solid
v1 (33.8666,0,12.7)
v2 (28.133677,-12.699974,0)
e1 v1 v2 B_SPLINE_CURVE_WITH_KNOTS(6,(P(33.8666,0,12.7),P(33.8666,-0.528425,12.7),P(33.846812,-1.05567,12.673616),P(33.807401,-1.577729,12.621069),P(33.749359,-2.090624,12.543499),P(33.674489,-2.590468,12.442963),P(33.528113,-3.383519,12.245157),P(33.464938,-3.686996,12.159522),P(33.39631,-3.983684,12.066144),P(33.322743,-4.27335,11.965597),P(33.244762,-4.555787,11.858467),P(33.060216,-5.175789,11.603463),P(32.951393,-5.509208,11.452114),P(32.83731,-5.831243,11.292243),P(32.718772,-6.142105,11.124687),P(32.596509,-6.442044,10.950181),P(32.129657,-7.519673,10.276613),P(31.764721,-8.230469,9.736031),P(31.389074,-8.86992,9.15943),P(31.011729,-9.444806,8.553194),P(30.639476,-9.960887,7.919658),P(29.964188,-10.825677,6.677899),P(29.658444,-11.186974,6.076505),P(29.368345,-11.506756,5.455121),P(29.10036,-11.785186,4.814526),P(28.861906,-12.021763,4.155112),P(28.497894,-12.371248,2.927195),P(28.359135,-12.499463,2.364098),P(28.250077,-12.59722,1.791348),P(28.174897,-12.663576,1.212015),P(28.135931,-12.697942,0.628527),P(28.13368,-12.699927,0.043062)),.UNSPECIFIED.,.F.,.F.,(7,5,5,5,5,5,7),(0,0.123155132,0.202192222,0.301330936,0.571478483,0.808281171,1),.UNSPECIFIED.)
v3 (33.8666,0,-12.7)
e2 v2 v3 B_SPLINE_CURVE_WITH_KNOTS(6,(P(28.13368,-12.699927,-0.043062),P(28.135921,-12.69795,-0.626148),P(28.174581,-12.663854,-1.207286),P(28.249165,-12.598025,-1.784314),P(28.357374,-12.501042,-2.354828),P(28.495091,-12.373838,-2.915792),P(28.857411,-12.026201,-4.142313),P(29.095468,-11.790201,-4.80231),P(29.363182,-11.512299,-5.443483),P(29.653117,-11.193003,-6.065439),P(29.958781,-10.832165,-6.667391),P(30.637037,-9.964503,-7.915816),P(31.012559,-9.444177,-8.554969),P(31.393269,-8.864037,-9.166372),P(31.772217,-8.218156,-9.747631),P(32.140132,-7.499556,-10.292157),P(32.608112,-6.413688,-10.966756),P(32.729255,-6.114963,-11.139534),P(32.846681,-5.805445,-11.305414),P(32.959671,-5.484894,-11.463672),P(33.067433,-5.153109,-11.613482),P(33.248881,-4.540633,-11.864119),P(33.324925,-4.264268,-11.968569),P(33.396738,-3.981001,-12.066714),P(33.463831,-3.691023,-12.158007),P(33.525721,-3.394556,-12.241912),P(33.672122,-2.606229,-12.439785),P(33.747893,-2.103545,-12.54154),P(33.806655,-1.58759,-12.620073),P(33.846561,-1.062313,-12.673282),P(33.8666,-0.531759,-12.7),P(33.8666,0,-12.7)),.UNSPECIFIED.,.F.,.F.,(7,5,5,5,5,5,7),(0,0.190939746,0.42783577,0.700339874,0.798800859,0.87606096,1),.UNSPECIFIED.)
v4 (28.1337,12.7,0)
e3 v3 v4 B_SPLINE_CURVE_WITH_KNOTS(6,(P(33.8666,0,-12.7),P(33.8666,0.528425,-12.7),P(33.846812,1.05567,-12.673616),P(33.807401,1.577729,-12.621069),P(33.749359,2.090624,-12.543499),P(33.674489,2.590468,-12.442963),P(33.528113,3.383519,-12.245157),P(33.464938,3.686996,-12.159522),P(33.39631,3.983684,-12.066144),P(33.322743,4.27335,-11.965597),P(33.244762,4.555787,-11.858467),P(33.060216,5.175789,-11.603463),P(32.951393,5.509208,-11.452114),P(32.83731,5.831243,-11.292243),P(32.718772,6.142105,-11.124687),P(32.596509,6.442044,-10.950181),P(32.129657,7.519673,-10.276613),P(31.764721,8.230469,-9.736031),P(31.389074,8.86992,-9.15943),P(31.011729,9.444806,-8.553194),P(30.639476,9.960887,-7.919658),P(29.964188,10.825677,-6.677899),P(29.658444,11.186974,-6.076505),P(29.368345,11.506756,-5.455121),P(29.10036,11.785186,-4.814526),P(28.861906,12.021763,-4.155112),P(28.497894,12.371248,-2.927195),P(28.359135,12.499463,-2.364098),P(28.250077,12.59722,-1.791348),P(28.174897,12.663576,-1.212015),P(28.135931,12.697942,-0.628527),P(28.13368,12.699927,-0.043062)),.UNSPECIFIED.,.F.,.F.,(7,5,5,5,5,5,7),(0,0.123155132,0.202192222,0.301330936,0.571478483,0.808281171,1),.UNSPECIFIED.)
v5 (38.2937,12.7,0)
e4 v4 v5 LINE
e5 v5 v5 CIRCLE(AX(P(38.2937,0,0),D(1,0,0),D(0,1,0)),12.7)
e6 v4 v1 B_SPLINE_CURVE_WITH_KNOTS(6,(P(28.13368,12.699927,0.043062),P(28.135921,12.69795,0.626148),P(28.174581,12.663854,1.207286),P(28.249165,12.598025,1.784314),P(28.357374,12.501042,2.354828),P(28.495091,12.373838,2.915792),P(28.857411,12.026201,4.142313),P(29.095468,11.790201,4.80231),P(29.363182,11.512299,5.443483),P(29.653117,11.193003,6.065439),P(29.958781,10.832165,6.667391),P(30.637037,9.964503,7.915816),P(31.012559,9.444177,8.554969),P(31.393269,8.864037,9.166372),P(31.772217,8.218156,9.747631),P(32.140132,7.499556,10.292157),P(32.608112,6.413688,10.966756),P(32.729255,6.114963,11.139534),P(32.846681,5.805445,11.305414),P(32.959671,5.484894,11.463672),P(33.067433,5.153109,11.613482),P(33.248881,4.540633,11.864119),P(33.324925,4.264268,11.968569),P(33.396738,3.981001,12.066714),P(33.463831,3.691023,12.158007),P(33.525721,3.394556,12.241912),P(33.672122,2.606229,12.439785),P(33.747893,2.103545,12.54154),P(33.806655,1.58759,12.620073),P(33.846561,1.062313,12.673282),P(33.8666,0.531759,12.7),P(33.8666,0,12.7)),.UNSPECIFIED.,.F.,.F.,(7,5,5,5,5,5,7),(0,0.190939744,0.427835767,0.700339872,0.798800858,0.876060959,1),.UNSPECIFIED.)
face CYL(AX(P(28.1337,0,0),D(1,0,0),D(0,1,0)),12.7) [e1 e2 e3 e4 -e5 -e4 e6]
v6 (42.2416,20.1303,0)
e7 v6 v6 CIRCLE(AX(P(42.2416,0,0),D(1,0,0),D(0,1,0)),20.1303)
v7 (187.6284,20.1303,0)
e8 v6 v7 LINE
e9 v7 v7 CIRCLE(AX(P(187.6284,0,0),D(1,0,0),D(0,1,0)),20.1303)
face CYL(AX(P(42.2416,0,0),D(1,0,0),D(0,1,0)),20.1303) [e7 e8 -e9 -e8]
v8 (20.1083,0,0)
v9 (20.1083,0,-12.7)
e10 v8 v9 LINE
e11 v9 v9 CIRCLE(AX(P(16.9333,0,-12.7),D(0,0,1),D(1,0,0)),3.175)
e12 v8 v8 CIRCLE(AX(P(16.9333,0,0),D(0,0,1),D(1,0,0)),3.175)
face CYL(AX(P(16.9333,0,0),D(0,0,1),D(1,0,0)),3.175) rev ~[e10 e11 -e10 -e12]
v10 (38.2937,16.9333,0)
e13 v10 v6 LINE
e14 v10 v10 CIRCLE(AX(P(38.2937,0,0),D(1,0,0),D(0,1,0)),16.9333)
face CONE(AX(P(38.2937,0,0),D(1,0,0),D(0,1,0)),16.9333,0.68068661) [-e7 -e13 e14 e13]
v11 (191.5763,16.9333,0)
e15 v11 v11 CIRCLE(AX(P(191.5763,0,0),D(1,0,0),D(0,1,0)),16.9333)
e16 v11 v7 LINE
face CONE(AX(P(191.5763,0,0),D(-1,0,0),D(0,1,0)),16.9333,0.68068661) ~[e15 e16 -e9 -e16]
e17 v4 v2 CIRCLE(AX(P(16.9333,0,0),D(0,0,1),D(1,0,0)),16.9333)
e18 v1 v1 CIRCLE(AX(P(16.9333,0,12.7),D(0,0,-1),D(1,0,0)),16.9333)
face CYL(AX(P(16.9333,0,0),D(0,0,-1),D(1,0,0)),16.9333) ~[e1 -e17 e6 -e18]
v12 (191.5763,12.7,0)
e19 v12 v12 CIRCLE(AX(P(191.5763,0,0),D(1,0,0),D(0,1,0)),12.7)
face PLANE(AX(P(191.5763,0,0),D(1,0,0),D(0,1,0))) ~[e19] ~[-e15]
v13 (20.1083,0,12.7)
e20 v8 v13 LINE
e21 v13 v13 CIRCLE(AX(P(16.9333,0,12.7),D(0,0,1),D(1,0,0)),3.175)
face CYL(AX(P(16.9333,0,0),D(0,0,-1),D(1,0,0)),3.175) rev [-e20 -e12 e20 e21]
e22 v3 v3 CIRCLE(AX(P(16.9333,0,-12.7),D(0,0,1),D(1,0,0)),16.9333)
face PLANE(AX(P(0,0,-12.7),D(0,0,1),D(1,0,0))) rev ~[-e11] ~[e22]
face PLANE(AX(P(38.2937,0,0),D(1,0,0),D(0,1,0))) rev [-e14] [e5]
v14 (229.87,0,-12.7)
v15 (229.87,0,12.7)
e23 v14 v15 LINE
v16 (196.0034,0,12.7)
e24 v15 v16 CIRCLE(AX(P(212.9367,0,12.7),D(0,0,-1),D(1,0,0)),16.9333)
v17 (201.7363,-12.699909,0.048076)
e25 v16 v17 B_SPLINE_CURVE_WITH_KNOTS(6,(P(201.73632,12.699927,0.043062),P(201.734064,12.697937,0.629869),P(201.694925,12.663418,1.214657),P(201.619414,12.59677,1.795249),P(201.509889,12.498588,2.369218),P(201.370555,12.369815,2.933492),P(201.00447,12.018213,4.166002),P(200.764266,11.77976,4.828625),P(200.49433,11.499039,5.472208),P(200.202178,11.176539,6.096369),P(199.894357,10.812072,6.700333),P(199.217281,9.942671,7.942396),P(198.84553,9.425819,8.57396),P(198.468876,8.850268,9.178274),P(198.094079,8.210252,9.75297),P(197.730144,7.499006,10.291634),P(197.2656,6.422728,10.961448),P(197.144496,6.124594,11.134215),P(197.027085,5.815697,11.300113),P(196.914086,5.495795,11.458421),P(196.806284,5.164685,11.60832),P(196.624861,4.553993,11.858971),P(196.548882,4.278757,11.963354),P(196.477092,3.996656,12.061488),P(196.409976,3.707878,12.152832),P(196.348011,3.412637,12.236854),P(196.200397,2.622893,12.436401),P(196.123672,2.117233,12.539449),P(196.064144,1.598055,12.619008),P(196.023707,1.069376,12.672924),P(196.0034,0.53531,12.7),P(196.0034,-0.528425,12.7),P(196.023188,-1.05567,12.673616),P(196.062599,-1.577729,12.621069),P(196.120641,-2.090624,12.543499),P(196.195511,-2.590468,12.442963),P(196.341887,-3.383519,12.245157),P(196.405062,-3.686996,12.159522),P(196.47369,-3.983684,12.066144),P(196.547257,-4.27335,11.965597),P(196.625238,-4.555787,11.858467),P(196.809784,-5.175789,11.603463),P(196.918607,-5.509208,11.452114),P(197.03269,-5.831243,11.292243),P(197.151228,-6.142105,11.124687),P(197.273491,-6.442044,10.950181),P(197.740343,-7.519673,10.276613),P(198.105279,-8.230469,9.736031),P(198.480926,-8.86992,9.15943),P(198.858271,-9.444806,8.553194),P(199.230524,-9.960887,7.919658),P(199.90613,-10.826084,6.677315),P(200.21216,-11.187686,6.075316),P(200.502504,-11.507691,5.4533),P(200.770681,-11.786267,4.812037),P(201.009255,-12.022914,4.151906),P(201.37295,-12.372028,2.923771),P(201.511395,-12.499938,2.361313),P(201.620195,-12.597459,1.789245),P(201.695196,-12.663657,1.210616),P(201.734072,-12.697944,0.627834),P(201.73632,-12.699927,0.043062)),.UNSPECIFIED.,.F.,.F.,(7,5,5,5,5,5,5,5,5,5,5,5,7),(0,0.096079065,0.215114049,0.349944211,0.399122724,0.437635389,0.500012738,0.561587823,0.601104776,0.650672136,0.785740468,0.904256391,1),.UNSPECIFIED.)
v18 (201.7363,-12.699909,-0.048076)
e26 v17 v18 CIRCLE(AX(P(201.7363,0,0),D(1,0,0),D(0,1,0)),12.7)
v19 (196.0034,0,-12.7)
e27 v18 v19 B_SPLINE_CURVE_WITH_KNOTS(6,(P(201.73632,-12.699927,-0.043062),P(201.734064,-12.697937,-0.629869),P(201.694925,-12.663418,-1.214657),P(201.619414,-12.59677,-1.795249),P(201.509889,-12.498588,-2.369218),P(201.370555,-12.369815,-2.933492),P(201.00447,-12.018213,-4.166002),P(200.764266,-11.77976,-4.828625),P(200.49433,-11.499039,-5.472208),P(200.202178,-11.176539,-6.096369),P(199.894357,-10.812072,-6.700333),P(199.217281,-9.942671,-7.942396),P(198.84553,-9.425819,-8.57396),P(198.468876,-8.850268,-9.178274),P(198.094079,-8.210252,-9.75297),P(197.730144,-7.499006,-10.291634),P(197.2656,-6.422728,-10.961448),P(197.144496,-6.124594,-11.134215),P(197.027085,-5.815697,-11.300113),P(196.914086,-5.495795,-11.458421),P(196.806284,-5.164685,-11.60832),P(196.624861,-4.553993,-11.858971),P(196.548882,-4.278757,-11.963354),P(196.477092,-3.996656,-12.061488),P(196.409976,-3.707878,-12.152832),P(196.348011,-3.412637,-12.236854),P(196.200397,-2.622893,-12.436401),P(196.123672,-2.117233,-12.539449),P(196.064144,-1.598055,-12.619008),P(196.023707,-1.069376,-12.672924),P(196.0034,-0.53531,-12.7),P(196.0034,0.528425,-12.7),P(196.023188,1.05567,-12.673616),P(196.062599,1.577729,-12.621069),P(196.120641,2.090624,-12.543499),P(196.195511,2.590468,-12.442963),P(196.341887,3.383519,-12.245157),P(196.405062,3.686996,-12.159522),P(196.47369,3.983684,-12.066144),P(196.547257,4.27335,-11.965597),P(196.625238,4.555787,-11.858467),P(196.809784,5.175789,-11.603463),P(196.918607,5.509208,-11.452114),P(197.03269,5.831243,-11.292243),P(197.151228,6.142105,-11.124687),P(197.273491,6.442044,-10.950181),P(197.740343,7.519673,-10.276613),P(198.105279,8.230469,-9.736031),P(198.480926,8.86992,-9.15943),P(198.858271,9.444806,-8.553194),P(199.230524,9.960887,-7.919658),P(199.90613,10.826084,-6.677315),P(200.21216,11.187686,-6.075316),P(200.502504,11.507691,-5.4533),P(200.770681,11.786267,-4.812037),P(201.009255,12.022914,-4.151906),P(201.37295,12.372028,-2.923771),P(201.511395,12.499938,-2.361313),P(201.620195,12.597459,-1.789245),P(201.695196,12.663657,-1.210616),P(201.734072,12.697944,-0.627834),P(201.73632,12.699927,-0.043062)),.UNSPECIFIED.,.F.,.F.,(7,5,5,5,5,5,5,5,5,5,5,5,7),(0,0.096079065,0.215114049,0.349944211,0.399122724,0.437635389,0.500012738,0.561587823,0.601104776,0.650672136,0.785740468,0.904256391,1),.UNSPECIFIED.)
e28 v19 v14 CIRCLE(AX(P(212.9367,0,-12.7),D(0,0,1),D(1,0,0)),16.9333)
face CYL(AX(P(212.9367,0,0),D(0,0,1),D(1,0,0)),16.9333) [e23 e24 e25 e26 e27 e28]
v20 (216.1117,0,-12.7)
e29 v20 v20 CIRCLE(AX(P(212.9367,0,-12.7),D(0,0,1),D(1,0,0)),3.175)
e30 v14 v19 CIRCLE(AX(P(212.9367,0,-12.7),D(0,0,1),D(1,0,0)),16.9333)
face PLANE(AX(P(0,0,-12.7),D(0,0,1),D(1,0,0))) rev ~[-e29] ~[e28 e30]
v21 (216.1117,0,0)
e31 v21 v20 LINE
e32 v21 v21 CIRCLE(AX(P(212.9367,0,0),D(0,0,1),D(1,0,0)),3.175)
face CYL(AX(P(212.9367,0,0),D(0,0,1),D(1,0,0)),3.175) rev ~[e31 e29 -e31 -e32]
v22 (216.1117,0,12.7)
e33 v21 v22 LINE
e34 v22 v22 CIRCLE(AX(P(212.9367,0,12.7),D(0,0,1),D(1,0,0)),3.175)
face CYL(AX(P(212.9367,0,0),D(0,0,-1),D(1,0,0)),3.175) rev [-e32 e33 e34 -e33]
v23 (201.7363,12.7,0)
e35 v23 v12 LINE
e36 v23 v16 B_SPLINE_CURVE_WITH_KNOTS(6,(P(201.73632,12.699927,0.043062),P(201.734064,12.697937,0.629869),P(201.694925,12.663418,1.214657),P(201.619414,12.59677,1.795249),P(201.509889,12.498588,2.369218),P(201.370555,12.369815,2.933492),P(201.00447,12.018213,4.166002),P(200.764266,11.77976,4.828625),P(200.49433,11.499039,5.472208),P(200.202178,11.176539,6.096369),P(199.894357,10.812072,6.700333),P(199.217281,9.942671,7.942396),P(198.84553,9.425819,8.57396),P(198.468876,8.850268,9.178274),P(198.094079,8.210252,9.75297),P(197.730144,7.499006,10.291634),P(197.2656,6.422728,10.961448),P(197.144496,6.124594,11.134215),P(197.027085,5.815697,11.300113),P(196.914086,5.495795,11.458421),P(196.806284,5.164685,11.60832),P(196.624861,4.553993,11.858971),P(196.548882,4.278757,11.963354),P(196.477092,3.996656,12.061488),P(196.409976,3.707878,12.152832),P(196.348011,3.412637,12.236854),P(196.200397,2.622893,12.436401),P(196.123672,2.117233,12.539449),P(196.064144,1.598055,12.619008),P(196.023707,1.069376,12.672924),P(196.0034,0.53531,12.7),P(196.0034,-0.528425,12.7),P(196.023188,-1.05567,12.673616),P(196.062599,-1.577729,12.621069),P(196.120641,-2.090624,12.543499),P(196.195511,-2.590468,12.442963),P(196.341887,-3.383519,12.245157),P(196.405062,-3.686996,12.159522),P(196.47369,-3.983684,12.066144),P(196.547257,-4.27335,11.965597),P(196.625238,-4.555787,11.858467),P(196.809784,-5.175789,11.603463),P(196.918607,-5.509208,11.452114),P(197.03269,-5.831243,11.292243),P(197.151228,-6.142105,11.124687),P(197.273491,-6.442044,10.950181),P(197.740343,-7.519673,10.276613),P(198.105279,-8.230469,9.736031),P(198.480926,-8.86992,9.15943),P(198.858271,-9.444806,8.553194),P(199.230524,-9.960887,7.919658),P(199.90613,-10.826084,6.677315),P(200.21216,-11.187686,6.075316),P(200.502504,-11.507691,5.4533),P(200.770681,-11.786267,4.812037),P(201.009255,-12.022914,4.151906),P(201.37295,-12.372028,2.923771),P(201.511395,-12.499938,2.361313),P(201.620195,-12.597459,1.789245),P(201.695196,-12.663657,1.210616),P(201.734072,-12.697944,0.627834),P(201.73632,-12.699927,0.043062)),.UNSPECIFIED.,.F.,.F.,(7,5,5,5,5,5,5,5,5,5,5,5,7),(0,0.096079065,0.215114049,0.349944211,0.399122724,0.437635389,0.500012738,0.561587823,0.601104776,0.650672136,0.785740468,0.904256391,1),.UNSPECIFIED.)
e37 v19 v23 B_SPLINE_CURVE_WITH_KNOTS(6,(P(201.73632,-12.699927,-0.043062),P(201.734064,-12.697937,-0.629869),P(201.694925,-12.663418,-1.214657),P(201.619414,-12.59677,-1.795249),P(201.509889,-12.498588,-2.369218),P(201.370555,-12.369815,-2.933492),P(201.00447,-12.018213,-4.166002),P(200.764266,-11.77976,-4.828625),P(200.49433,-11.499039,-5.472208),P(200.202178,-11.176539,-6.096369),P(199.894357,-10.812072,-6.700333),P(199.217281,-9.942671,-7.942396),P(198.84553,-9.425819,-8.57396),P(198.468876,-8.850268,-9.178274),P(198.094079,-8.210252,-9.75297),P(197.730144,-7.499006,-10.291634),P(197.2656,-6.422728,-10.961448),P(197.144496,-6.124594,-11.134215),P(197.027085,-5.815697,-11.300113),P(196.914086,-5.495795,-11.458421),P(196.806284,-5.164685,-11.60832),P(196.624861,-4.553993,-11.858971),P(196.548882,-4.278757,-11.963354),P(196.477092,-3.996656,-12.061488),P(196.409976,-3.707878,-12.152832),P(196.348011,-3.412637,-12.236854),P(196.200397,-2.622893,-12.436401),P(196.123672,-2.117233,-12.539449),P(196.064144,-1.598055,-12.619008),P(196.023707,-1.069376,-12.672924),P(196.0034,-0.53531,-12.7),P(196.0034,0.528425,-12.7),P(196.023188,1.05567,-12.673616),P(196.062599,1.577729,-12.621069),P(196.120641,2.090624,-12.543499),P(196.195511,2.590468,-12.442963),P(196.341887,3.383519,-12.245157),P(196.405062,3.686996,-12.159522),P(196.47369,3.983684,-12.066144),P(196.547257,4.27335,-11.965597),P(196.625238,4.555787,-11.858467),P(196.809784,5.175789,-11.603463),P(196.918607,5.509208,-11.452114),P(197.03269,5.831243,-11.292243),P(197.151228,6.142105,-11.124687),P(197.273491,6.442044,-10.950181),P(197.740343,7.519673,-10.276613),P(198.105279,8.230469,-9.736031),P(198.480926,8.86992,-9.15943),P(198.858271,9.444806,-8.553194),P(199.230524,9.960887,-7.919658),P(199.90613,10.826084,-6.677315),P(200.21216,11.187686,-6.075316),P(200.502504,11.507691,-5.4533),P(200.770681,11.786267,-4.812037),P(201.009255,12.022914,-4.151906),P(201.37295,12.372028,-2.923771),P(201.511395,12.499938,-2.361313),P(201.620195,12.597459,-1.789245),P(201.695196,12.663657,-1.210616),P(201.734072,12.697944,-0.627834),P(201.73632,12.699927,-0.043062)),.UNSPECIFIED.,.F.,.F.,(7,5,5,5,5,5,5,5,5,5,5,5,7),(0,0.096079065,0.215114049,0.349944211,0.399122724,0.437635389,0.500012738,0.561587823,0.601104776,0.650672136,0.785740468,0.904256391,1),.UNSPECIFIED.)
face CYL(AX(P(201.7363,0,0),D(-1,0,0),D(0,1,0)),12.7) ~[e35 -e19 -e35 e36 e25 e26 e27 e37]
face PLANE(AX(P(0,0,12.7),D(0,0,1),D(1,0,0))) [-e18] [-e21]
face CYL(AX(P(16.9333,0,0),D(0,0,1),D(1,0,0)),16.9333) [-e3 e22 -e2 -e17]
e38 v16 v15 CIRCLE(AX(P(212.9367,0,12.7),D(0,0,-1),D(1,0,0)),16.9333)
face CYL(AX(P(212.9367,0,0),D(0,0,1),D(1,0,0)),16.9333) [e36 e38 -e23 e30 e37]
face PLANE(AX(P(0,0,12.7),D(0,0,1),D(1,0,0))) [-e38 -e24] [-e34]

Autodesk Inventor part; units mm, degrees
ref_plane "YZ Plane" through (0, 0, 0) normal (1, 0, 0) x (0, 1, 0)
ref_plane "XZ Plane" through (0, 0, 0) normal (0, 1, 0) x (-1, 0, 0)
ref_plane "XY Plane" through (0, 0, 0) normal (0, 0, 1) x (1, 0, 0)
sketch "Sketch1" plane through (0, 0, 0) normal (0, 0, 1) x (1, 0, 0)
  line L0 (0, 0) -> (229.87, 0) construction
  circle A0 centre (16.9333, 0) radius 16.9333
  circle A1 centre (212.9367, 0) radius 16.9333
  circle A2 centre (16.9333, 0) radius 3.175
  circle A3 centre (212.9367, 0) radius 3.175
  line L1 (28.1337, 12.7) -> (38.2937, 12.7)
  line L2 (38.2937, 12.7) -> (38.2937, 0)
  line L3 (38.2937, 0) -> (28.1337, 0)
  line L4 (28.1337, 0) -> (28.1337, 12.7)
  line L5 (38.2937, 12.7) -> (38.2937, 16.9333)
  line L6 (38.2937, 16.9333) -> (42.2416, 20.1303)
  line L7 (42.2416, 20.1303) -> (114.935, 20.1303)
  line L8 (114.935, 0) -> (114.935, 20.1303) construction
  line L9 (201.7363, 12.7) -> (191.5763, 12.7)
  line L10 (201.7363, 0) -> (201.7363, 12.7)
  line L11 (191.5763, 12.7) -> (191.5763, 16.9333)
  line L12 (191.5763, 16.9333) -> (187.6284, 20.1303)
  line L13 (187.6284, 20.1303) -> (114.935, 20.1303)
  line L14 (38.2937, 0) -> (201.7363, 0)
  point P0 (196.0033, 0)
  point P1 (33.8667, 0)
  dimension "d0" = 229.87
  dimension "d1" = 33.8667
  dimension "d2" = 6.35
  dimension "d3" = 6.35
  dimension "d4" = 12.7
  dimension "d5" = 10.16
  dimension "d6" = 129
  dimension "d7" = 5.08
  dimension "d8" = 4.2333
revolve "Revolution1" add sketch "Sketch1" angle 360 about axis through (0, 0, 0) along (1, 0, 0) contours A0 L1 L2 L3 | L2 L5 L6 L7 L13 L12 L11 L9 A1 L14
extrude "Extrusion1" add sketch "Sketch1" along normal mid plane 25.4 contours L3 L4 A0 | A0 L4 L3 | L14 L10 A1 | A1 L10 L14
properties part number "LegShock"
